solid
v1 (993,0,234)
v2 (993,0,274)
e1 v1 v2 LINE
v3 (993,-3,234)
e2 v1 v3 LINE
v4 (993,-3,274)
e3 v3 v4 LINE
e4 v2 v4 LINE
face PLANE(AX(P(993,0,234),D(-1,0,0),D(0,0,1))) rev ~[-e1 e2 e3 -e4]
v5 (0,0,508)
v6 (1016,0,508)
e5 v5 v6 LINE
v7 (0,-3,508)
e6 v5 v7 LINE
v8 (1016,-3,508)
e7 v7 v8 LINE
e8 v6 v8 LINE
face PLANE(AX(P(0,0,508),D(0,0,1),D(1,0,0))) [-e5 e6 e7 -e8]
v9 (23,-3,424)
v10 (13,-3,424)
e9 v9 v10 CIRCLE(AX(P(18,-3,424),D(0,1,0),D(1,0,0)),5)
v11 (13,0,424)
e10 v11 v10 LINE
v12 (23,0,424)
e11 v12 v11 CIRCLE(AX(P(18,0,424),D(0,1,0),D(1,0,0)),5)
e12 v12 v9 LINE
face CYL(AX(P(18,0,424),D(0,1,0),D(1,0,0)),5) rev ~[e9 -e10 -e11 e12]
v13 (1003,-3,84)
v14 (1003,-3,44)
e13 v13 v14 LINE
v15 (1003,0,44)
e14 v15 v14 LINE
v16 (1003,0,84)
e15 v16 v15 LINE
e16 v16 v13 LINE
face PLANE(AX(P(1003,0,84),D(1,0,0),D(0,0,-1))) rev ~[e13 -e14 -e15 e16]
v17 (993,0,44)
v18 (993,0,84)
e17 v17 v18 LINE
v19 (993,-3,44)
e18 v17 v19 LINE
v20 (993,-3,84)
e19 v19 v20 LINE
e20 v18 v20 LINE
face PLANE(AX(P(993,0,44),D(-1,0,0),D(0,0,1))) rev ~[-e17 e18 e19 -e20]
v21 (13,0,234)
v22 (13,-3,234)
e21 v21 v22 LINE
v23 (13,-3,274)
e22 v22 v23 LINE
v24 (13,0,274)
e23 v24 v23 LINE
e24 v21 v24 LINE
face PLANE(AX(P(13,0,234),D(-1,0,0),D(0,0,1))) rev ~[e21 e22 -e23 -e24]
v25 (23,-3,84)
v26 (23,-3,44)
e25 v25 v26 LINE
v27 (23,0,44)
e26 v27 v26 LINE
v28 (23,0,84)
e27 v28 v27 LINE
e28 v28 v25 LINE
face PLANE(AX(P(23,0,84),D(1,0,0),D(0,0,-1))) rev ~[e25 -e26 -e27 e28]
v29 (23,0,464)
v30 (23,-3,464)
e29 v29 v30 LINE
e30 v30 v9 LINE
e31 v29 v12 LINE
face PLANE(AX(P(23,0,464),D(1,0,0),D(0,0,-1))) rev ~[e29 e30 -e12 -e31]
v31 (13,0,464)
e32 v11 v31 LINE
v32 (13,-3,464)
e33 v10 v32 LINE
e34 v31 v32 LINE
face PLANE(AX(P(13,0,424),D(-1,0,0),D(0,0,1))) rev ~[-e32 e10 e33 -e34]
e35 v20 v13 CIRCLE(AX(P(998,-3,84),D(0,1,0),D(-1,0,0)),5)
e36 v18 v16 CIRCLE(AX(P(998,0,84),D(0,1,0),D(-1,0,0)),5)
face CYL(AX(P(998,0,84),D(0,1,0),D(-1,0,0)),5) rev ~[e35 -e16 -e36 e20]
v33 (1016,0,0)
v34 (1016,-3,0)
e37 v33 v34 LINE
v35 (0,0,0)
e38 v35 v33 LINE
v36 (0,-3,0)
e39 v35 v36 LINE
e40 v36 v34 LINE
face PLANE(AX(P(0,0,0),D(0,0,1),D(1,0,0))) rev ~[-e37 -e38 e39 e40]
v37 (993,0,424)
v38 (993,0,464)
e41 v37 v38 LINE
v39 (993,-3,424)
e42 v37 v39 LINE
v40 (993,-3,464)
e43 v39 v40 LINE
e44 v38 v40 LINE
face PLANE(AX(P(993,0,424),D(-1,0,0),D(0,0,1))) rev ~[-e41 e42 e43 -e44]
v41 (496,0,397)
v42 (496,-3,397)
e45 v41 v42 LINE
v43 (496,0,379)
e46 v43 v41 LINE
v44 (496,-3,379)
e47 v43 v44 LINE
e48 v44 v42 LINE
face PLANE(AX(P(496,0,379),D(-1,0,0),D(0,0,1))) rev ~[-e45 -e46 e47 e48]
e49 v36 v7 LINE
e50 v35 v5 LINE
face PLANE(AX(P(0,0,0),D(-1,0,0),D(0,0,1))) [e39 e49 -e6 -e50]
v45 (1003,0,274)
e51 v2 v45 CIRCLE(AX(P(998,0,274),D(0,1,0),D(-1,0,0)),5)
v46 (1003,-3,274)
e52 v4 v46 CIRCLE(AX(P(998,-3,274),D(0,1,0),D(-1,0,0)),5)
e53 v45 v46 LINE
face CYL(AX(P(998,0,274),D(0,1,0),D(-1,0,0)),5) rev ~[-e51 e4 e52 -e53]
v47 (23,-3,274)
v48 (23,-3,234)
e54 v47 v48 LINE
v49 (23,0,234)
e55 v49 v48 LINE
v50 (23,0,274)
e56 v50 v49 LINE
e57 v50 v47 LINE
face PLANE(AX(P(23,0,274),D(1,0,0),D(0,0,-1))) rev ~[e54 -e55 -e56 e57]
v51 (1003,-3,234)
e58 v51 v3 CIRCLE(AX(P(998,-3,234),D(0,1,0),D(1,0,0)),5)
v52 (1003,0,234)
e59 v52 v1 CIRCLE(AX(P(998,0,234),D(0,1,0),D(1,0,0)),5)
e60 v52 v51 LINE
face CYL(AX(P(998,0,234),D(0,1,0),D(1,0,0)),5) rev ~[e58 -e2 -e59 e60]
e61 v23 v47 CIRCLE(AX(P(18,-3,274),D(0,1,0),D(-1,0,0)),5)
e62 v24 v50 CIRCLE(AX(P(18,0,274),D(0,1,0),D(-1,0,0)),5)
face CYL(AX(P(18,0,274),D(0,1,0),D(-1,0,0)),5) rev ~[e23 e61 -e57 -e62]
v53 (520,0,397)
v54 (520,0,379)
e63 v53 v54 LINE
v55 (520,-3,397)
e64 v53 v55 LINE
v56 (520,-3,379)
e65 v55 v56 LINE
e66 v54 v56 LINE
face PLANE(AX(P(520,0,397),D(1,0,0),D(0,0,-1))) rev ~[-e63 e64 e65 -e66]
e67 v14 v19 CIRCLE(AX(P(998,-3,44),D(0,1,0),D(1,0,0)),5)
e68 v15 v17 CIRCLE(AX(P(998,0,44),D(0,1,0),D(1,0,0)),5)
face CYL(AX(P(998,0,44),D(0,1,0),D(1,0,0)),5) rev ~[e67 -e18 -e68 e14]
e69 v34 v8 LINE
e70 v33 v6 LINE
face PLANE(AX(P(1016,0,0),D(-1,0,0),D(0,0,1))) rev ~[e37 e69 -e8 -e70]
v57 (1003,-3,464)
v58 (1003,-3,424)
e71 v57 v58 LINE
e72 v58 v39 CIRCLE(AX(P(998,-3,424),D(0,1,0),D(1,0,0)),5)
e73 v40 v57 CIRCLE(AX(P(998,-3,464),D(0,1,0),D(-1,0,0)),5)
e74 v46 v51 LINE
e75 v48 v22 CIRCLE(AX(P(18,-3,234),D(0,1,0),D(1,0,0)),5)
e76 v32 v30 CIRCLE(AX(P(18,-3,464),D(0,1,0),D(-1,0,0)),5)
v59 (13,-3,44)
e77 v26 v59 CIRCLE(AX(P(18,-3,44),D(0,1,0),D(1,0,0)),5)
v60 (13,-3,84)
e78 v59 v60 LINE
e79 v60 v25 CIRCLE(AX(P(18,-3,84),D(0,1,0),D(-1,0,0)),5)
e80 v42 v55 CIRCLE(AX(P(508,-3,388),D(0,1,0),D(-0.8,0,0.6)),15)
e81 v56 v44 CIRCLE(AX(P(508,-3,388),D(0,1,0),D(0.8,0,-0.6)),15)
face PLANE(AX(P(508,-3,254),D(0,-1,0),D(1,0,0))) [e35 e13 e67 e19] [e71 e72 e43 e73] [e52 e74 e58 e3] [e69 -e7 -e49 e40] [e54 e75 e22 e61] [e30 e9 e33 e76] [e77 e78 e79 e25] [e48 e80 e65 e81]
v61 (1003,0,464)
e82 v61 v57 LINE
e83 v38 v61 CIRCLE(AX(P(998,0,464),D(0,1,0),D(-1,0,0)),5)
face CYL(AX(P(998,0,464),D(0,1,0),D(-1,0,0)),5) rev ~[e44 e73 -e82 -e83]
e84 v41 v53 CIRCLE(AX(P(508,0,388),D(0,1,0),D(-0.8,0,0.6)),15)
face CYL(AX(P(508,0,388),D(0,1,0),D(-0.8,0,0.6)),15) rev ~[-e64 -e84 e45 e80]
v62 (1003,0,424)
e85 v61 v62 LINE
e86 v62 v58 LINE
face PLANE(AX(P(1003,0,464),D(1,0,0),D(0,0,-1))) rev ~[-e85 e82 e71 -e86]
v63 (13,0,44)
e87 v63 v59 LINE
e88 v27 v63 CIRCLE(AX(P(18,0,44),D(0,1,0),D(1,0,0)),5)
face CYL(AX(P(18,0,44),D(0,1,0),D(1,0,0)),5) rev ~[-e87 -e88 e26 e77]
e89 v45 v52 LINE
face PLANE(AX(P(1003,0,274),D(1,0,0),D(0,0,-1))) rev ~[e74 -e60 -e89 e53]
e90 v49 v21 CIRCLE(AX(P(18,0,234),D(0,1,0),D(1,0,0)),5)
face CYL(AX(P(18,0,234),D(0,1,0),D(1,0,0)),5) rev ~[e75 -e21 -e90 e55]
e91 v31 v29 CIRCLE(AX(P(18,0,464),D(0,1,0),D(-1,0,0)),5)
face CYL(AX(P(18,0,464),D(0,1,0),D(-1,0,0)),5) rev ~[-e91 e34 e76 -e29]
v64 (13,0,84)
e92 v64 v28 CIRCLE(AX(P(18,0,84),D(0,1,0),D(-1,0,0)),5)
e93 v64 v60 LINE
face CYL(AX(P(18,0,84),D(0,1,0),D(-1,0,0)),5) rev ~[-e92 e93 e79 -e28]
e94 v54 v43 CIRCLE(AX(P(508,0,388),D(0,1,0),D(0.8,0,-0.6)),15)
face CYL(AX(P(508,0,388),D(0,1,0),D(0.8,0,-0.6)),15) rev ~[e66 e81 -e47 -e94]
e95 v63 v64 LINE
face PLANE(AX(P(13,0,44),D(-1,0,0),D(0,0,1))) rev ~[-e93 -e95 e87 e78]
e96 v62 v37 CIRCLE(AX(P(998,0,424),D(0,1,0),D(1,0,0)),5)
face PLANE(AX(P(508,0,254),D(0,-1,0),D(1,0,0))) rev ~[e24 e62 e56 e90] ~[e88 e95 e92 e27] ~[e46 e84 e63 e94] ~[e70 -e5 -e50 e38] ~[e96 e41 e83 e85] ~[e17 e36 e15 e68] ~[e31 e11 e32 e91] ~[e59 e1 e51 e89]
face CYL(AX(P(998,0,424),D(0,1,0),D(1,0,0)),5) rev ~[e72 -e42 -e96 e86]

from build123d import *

# Parameters (mm, degrees)
F0_W     = 1016
F0_H     = 508
F1_DEPTH = 3


with BuildPart() as f1:
    # F0 (on Front) → F1 (new body)
    with BuildSketch(Plane.XZ):
        with Locations((508, 254)):
            Rectangle(F0_W, F0_H)
        with BuildLine():
            ThreePointArc((13, 84), (18, 89), (23, 84))
            Line((23, 84), (23, 44))
            ThreePointArc((23, 44), (18, 39), (13, 44))
            Line((13, 44), (13, 84))
        make_face(mode=Mode.SUBTRACT)
        with BuildLine():
            ThreePointArc((1003, 44), (998, 39), (993, 44))
            Line((993, 44), (993, 84))
            ThreePointArc((993, 84), (998, 89), (1003, 84))
            Line((1003, 84), (1003, 44))
        make_face(mode=Mode.SUBTRACT)
        with BuildLine():
            ThreePointArc((13, 274), (18, 279), (23, 274))
            Line((23, 274), (23, 234))
            ThreePointArc((23, 234), (18, 229), (13, 234))
            Line((13, 234), (13, 274))
        make_face(mode=Mode.SUBTRACT)
        with BuildLine():
            ThreePointArc((13, 464), (18, 469), (23, 464))
            Line((23, 464), (23, 424))
            ThreePointArc((23, 424), (18, 419), (13, 424))
            Line((13, 424), (13, 464))
        make_face(mode=Mode.SUBTRACT)
        with BuildLine():
            ThreePointArc((993, 274), (998, 279), (1003, 274))
            Line((1003, 274), (1003, 234))
            ThreePointArc((1003, 234), (998, 229), (993, 234))
            Line((993, 234), (993, 274))
        make_face(mode=Mode.SUBTRACT)
        with BuildLine():
            ThreePointArc((520, 379), (508, 373), (496, 379))
            Line((496, 379), (496, 397))
            ThreePointArc((496, 397), (508, 403), (520, 397))
            Line((520, 397), (520, 379))
        make_face(mode=Mode.SUBTRACT)
        with BuildLine():
            ThreePointArc((993, 464), (998, 469), (1003, 464))
            Line((1003, 464), (1003, 424))
            ThreePointArc((1003, 424), (998, 419), (993, 424))
            Line((993, 424), (993, 464))
        make_face(mode=Mode.SUBTRACT)
    extrude(amount=F1_DEPTH)


solid = f1.part
